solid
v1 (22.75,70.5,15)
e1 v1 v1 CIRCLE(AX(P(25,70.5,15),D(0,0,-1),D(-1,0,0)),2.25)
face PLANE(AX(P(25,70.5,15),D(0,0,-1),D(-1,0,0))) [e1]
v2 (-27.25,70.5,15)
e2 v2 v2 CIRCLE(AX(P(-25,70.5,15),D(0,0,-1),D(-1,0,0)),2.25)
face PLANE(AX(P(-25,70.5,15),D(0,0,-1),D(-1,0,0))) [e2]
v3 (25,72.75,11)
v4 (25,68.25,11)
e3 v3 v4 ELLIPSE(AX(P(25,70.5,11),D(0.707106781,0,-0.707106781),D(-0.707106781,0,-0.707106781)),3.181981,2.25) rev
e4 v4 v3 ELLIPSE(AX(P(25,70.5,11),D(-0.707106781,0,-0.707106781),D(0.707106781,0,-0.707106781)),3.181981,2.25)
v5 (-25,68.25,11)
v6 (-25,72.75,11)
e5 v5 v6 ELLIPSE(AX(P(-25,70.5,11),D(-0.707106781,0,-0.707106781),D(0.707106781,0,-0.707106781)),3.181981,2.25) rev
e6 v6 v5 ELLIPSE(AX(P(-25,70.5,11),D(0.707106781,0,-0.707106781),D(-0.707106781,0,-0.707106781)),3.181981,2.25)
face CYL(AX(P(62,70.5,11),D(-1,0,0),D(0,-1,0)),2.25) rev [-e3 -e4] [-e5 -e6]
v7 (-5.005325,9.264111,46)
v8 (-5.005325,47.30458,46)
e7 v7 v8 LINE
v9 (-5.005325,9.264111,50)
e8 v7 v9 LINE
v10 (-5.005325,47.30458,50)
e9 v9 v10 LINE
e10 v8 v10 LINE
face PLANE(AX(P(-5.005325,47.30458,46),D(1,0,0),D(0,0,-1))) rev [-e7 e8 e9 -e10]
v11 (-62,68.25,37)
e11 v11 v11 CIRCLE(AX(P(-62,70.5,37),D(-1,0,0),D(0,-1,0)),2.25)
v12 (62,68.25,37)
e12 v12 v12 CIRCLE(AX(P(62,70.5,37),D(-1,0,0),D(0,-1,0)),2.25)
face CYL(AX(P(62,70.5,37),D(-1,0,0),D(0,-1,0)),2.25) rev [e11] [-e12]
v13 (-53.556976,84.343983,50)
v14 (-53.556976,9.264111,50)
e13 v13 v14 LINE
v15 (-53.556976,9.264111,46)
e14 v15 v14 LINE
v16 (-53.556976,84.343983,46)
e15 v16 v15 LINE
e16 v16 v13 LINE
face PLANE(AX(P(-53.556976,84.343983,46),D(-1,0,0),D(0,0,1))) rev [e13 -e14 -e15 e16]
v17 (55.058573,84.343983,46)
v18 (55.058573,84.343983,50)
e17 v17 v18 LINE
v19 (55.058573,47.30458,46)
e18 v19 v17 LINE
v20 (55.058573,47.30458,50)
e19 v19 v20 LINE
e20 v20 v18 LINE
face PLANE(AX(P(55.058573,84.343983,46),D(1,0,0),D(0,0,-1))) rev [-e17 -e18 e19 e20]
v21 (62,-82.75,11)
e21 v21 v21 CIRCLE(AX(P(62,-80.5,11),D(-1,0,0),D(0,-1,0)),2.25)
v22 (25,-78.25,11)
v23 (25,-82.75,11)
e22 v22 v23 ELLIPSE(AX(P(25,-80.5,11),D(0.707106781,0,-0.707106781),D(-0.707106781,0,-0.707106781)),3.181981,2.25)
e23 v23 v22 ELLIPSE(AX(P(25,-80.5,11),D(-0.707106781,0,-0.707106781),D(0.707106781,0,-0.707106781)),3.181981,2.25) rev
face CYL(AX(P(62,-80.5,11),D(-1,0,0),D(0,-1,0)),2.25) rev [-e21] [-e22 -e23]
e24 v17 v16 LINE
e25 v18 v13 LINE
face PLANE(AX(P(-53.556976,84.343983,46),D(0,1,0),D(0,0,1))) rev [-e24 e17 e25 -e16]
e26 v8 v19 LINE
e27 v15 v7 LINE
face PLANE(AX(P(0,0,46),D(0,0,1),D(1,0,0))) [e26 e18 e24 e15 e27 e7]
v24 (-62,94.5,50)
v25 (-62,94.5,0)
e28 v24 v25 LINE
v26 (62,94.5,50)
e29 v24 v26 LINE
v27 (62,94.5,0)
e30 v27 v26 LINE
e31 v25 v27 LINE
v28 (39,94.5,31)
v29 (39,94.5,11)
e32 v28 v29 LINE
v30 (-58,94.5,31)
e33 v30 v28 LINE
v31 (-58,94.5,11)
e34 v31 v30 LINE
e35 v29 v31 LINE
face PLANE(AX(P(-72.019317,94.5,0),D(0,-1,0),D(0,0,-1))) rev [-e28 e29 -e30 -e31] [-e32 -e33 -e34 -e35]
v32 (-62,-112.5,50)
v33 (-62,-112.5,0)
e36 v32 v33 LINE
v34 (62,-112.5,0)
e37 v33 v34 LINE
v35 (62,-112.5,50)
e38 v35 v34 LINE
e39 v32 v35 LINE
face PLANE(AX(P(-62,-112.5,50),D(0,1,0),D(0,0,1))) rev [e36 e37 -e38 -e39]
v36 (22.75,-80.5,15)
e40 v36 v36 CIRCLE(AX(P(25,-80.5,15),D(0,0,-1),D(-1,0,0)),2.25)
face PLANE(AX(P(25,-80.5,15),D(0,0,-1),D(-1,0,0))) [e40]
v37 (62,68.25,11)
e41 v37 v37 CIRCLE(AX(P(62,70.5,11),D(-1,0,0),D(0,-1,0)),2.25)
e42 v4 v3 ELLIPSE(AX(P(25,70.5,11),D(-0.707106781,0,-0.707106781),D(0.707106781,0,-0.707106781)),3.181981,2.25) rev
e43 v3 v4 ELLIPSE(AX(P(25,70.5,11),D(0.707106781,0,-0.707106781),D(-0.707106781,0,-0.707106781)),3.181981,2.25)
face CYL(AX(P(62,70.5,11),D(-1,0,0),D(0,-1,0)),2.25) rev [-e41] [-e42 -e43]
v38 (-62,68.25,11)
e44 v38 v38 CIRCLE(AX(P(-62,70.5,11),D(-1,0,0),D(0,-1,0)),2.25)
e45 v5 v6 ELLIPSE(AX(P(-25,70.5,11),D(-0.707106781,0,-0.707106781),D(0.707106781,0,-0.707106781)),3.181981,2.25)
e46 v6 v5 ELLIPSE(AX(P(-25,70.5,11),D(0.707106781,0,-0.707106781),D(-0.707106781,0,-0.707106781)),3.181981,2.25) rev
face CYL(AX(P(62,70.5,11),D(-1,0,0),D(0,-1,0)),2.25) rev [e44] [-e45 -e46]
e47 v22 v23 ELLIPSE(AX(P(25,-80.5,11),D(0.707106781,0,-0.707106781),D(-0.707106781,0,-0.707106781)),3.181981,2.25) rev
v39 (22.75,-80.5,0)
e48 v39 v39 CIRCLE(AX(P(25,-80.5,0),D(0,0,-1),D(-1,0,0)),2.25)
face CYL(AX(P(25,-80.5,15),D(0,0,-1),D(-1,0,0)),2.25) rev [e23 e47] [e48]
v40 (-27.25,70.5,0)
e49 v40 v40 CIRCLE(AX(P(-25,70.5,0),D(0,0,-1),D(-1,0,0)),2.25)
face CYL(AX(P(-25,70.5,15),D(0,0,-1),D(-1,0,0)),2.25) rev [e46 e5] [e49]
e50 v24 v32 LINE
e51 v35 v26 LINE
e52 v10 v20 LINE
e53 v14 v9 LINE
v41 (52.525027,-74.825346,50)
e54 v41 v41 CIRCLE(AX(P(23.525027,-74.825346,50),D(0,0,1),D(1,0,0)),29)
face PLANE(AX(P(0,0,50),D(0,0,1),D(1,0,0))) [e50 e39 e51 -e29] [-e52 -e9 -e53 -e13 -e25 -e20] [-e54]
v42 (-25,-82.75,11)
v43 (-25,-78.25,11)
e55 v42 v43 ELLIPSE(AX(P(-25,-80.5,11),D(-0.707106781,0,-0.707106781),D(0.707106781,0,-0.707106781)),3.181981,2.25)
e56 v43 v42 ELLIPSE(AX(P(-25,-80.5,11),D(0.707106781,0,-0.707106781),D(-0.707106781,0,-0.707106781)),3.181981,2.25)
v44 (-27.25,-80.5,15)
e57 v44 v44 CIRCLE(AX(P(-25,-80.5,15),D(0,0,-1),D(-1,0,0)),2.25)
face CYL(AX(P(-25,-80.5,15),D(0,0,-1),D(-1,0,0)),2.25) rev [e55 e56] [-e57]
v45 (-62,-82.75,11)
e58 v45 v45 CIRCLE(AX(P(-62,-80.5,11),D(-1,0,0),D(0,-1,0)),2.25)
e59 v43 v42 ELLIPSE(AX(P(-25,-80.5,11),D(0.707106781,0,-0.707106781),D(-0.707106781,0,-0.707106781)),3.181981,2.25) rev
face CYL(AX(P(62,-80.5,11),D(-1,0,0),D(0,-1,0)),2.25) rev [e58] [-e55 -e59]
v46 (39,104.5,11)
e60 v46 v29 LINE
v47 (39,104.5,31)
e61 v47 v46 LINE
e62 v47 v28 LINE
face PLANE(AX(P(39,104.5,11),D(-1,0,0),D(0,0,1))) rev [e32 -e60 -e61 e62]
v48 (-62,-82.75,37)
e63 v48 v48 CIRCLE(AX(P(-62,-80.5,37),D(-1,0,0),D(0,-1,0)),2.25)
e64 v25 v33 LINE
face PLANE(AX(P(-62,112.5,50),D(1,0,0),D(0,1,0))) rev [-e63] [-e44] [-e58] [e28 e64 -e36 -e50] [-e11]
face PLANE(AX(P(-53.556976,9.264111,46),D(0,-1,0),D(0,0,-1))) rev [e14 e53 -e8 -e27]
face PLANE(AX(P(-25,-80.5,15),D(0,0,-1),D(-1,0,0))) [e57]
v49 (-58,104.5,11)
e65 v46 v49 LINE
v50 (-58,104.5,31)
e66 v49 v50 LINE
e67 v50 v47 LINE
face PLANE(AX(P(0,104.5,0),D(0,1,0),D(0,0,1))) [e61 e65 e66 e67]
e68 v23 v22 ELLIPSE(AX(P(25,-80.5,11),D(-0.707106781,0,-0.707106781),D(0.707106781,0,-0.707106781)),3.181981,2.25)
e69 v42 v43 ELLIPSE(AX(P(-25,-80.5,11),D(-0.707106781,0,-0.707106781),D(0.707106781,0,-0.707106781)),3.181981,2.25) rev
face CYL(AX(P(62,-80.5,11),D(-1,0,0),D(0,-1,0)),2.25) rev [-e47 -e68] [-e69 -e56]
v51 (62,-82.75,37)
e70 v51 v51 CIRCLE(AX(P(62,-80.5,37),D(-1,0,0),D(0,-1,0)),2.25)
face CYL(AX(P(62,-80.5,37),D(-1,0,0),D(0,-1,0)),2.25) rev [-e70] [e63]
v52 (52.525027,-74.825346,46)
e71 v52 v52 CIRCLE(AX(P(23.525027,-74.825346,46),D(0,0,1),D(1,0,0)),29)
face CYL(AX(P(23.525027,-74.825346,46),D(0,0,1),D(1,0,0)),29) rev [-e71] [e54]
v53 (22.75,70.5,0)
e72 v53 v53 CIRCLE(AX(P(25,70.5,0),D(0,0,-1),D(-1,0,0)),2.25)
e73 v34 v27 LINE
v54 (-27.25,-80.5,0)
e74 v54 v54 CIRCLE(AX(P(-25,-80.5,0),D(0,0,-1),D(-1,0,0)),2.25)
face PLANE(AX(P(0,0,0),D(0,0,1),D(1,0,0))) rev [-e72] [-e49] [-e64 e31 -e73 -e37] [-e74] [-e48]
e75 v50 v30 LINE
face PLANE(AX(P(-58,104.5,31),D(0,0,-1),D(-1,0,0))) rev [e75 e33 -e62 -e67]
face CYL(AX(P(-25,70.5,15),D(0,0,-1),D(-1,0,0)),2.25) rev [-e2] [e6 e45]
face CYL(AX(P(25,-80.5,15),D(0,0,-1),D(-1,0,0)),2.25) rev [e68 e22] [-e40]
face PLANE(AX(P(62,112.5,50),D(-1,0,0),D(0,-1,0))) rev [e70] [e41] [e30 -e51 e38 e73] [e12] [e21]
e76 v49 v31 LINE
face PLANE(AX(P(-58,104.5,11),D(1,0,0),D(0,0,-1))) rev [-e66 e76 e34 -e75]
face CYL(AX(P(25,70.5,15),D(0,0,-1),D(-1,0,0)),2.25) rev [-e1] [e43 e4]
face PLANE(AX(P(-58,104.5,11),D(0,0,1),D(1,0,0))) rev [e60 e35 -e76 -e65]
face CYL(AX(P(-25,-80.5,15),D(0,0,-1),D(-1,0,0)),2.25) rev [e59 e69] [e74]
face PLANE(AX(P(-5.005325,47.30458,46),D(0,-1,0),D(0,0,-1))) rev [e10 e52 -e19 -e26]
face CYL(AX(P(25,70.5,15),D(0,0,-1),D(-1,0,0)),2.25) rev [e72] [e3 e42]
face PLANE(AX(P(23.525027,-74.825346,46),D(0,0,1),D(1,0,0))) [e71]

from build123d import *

# Parameters (mm, degrees)
SKETCH1_W           = 124
SKETCH1_H           = 225
BOSS_EXTRUDE1_DEPTH = 50
SKETCH2_W           = 142.142792237
SKETCH2_H           = 18
CUT_EXTRUDE1_DEPTH  = 50
SKETCH3_W           = 97
SKETCH3_H           = 20
BOSS_EXTRUDE2_DEPTH = 10
SKETCH4_R           = 29
CUT_EXTRUDE3_DEPTH  = 4
SKETCH5_R           = 2.25
CUT_EXTRUDE4_DEPTH  = 15
SKETCH6_R           = 2.25
CUT_EXTRUDE5_DEPTH  = 175.734799053


with BuildPart() as part:
    # Sketch1 → Boss-Extrude1 (new body)
    with BuildSketch(Plane.XY):
        Rectangle(SKETCH1_W, SKETCH1_H)
    extrude(amount=BOSS_EXTRUDE1_DEPTH)

    # Sketch2 → Cut-Extrude1 (cut)
    with BuildSketch(Plane.XY.offset(50)):
        with Locations((-0.947920956, 103.5)):
            Rectangle(SKETCH2_W, SKETCH2_H)
    extrude(amount=-CUT_EXTRUDE1_DEPTH, mode=Mode.SUBTRACT)

    # Sketch3 → Boss-Extrude2 (add)
    with BuildSketch(Plane(origin=(0, 94.5, 0), x_dir=(1, 0, 0), z_dir=(0, 1, 0))):
        with Locations((-9.5, -21)):
            Rectangle(SKETCH3_W, SKETCH3_H)
    extrude(amount=BOSS_EXTRUDE2_DEPTH)

    # Sketch4 → Cut-Extrude3 (cut)
    with BuildSketch(Plane.XY.offset(50)):
        with Locations((23.52502673, -74.82534643)):
            Circle(SKETCH4_R)
        Polygon((-53.556975746, 84.343983357), (55.058573197, 84.343983357), (55.058573197, 47.30457957), (-5.005324836, 47.30457957), (-5.005324836, 9.264110816), (-53.556975746, 9.264110816), align=None)
    extrude(amount=-CUT_EXTRUDE3_DEPTH, mode=Mode.SUBTRACT)

    # Sketch5 → Cut-Extrude4 (cut)
    with BuildSketch(Plane(origin=(0, 0, 0), x_dir=(-1, 0, 0), z_dir=(0, 0, -1))):
        with Locations((-25, 70.5)):
            Circle(SKETCH5_R)
        with Locations((25, 70.5)):
            Circle(SKETCH5_R)
        with Locations((25, -80.5)):
            Circle(SKETCH5_R)
        with Locations((-25, -80.5)):
            Circle(SKETCH5_R)
    extrude(amount=-CUT_EXTRUDE4_DEPTH, mode=Mode.SUBTRACT)

    # Sketch6 → Cut-Extrude5 (cut, through all)
    with BuildSketch(Plane.ZY.offset(62)):
        with Locations(Location((11, 70.5, 0), (0, 0, 270))):
            Circle(SKETCH6_R)
        with Locations(Location((37, 70.5, 0), (0, 0, 270))):
            Circle(SKETCH6_R)
        with Locations(Location((37, -80.5, 0), (0, 0, 270))):
            Circle(SKETCH6_R)
        with Locations(Location((11, -80.5, 0), (0, 0, 270))):
            Circle(SKETCH6_R)
    extrude(amount=-CUT_EXTRUDE5_DEPTH, mode=Mode.SUBTRACT)


solid = part.part
